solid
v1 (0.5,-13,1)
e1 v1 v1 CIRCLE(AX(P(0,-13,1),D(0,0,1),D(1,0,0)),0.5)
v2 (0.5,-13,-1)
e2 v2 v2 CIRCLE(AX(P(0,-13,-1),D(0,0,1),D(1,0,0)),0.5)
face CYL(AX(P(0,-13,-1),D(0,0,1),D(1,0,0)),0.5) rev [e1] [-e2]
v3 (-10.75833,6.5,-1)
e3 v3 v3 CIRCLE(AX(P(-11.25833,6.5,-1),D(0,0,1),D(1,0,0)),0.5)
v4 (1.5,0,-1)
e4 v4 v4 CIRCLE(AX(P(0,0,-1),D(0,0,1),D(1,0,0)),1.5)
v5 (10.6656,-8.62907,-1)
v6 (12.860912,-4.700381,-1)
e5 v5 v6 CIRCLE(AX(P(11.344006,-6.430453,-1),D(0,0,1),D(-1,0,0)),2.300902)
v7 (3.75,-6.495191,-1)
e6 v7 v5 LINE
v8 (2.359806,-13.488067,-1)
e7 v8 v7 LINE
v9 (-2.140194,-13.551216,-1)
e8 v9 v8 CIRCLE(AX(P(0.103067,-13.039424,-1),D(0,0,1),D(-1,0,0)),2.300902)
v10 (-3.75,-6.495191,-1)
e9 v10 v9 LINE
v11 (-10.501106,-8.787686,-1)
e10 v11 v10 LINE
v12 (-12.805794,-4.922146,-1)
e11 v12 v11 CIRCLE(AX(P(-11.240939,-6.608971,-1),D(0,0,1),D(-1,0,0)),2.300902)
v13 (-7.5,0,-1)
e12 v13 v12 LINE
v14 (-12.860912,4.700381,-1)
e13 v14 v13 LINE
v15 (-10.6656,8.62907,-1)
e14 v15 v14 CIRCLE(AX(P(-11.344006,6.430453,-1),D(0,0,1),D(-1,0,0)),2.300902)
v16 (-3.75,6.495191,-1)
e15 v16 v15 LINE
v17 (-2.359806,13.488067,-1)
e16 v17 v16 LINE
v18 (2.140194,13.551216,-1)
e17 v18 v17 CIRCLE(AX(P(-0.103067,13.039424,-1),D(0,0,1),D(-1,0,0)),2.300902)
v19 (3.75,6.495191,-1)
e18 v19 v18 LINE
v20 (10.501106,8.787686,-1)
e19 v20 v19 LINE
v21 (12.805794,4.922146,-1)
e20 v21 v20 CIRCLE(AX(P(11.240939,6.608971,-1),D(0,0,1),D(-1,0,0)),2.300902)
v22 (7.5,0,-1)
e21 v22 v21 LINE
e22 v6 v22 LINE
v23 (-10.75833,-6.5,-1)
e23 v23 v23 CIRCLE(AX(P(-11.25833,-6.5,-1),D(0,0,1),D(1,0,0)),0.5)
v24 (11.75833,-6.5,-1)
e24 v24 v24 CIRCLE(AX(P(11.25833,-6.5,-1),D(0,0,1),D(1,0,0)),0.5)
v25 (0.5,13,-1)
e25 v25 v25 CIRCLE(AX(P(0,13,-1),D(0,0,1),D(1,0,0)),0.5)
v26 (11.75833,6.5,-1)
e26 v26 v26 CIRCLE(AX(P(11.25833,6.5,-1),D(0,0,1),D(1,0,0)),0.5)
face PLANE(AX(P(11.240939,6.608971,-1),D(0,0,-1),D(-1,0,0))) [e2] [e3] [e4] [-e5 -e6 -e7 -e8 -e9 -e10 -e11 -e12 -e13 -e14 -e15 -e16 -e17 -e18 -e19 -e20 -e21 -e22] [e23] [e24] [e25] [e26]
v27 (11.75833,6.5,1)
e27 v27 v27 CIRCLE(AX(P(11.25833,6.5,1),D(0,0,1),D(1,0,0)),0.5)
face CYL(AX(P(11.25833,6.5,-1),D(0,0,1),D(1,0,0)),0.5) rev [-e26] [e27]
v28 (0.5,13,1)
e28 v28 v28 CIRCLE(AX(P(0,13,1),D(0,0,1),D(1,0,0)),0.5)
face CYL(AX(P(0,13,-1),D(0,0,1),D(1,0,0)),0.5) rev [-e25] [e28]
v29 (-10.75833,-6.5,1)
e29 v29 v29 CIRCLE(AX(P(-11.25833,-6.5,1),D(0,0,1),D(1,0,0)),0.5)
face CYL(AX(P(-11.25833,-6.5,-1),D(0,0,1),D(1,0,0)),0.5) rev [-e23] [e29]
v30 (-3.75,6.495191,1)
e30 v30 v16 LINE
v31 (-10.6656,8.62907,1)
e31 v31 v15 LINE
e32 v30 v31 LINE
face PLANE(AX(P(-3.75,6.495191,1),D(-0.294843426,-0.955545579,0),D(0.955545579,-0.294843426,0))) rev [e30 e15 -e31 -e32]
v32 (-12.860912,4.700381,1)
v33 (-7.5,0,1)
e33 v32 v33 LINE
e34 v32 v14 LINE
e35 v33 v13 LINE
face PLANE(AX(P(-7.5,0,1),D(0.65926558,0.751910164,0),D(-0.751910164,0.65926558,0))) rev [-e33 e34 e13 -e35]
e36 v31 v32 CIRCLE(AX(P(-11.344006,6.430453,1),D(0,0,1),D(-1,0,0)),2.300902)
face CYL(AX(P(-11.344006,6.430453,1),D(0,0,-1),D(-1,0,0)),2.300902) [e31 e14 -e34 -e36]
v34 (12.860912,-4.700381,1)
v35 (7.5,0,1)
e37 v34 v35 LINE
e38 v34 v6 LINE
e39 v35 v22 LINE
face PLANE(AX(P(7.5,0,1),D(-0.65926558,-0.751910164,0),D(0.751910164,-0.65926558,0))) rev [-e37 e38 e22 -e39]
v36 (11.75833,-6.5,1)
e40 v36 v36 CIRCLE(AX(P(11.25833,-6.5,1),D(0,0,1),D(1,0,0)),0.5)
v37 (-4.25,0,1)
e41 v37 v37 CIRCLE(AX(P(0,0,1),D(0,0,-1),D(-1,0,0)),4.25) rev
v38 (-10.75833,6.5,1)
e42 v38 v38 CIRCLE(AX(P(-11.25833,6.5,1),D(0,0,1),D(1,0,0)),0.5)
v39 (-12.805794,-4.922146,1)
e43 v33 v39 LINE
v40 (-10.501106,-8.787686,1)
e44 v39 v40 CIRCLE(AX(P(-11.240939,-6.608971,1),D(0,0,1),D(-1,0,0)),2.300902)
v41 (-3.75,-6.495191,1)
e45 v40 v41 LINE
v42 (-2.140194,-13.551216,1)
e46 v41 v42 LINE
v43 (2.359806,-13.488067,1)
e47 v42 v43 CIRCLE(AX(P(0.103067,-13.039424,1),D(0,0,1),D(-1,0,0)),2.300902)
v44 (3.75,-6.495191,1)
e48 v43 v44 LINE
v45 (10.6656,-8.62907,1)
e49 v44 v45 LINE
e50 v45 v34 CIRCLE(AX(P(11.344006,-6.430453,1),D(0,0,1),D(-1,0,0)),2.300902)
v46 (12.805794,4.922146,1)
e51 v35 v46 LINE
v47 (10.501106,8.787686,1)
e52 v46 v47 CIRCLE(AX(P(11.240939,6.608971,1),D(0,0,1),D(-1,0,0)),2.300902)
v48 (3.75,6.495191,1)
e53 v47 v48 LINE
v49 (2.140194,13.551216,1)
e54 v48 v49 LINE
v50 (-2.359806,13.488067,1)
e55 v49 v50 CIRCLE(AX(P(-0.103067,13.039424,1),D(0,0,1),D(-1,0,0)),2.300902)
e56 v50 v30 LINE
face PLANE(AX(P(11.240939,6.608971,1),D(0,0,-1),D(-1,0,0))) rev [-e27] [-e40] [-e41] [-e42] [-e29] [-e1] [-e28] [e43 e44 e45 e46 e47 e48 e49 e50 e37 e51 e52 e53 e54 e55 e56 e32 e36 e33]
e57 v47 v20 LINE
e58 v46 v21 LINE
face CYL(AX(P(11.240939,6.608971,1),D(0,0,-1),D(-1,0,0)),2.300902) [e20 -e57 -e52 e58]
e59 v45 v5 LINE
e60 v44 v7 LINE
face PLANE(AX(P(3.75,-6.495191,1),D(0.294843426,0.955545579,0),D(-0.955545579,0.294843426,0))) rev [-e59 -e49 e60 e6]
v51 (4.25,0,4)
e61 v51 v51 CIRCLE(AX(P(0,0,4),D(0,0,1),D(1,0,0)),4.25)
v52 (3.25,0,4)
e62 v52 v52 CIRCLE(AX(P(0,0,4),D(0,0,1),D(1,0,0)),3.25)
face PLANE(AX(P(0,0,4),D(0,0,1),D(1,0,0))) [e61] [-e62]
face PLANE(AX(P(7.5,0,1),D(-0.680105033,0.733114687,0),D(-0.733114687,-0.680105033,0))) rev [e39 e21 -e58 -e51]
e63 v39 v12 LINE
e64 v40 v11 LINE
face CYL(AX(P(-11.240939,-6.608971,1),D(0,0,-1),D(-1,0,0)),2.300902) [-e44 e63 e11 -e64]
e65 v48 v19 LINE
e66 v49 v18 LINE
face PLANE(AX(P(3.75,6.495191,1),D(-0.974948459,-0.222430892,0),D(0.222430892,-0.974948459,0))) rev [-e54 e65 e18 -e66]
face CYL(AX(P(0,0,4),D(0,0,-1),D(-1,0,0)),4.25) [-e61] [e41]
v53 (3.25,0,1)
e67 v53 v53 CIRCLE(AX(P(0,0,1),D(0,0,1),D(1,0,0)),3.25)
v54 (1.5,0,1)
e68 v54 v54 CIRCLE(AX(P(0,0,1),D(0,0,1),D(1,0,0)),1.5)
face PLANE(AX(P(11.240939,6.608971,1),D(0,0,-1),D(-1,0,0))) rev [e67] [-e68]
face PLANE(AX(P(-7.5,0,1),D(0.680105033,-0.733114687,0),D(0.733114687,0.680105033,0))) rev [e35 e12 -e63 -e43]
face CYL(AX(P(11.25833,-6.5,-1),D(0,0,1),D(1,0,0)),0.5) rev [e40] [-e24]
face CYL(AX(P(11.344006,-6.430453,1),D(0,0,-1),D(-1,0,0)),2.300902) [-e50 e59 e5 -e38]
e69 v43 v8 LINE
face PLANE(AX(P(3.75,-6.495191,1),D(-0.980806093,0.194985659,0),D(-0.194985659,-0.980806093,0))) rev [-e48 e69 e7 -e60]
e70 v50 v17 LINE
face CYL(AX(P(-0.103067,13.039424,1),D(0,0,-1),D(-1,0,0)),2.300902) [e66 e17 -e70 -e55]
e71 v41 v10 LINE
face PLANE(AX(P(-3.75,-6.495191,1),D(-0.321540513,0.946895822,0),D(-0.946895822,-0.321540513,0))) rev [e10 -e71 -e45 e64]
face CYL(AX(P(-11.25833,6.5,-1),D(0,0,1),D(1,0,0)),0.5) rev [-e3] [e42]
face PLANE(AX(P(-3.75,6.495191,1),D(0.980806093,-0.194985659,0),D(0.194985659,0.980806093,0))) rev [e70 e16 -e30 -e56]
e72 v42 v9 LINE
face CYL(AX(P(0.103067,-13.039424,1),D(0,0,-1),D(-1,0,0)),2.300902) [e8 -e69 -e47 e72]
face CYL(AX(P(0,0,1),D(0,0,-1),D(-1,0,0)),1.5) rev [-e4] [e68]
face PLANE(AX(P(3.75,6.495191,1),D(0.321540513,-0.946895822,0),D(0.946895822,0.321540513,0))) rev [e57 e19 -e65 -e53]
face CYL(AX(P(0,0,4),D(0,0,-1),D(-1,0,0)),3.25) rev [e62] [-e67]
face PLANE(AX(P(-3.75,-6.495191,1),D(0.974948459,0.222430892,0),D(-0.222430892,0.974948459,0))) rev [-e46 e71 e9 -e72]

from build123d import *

# Parameters (mm, degrees)
ESBO_O1_R                = 1.5
RESSALTO_EXTRUS_O1_DEPTH = 1
ESBO_O2_R                = 4.25
ESBO_O2_R_2              = 3.25
RESSALTO_EXTRUS_O2_DEPTH = 3
ESBO_O3_R                = 0.5
CORTE_EXTRUS_O1_DEPTH    = 2


with BuildPart() as part:
    # Esboço1 → Ressalto-extrusão1 (new body, symmetric)
    with BuildSketch(Plane.XY):
        with BuildLine():
            Line((3.75, 6.495190528), (2.140193877, 13.55121581))
            ThreePointArc((2.140193877, 13.55121581), (-0.135352736, 15.340099778), (-2.359806123, 13.488067011))
            Line((-2.359806123, 13.488067011), (-3.75, 6.495190528))
            Line((-3.75, 6.495190528), (-10.665600205, 8.629070172))
            ThreePointArc((-10.665600205, 8.629070172), (-13.352592472, 7.552830981), (-12.86091174, 4.700381455))
            Line((-12.86091174, 4.700381455), (-7.5, 0))
            Line((-7.5, 0), (-12.805794082, -4.922145638))
            ThreePointArc((-12.805794082, -4.922145638), (-13.217239736, -7.787268797), (-10.501105618, -8.787685556))
            Line((-10.501105618, -8.787685556), (-3.75, -6.495190528))
            Line((-3.75, -6.495190528), (-2.140193877, -13.55121581))
            ThreePointArc((-2.140193877, -13.55121581), (0.135352736, -15.340099778), (2.359806123, -13.488067011))
            Line((2.359806123, -13.488067011), (3.75, -6.495190528))
            Line((3.75, -6.495190528), (10.665600205, -8.629070172))
            ThreePointArc((10.665600205, -8.629070172), (13.352592472, -7.552830981), (12.86091174, -4.700381455))
            Line((12.86091174, -4.700381455), (7.5, 0))
            Line((7.5, 0), (12.805794082, 4.922145638))
            ThreePointArc((12.805794082, 4.922145638), (13.217239736, 7.787268797), (10.501105618, 8.787685556))
            Line((10.501105618, 8.787685556), (3.75, 6.495190528))
        make_face()
        Circle(ESBO_O1_R, mode=Mode.SUBTRACT)
    extrude(amount=RESSALTO_EXTRUS_O1_DEPTH, both=True)

    # Esboço2 → Ressalto-extrusão2 (add)
    with BuildSketch(Plane.XY.offset(1)):
        Circle(ESBO_O2_R)
        Circle(ESBO_O2_R_2, mode=Mode.SUBTRACT)
    extrude(amount=RESSALTO_EXTRUS_O2_DEPTH)

    # Esboço3 → Corte-extrusão1 (cut)
    with BuildSketch(Plane.XY.offset(1)):
        with Locations((0, 13)):
            Circle(ESBO_O3_R)
        with Locations((11.258330249, 6.5)):
            Circle(ESBO_O3_R)
        with Locations((11.258330249, -6.5)):
            Circle(ESBO_O3_R)
        with Locations((0, -13)):
            Circle(ESBO_O3_R)
        with Locations((-11.258330249, -6.5)):
            Circle(ESBO_O3_R)
        with Locations((-11.258330249, 6.5)):
            Circle(ESBO_O3_R)
    extrude(amount=-CORTE_EXTRUS_O1_DEPTH, mode=Mode.SUBTRACT)


solid = part.part
